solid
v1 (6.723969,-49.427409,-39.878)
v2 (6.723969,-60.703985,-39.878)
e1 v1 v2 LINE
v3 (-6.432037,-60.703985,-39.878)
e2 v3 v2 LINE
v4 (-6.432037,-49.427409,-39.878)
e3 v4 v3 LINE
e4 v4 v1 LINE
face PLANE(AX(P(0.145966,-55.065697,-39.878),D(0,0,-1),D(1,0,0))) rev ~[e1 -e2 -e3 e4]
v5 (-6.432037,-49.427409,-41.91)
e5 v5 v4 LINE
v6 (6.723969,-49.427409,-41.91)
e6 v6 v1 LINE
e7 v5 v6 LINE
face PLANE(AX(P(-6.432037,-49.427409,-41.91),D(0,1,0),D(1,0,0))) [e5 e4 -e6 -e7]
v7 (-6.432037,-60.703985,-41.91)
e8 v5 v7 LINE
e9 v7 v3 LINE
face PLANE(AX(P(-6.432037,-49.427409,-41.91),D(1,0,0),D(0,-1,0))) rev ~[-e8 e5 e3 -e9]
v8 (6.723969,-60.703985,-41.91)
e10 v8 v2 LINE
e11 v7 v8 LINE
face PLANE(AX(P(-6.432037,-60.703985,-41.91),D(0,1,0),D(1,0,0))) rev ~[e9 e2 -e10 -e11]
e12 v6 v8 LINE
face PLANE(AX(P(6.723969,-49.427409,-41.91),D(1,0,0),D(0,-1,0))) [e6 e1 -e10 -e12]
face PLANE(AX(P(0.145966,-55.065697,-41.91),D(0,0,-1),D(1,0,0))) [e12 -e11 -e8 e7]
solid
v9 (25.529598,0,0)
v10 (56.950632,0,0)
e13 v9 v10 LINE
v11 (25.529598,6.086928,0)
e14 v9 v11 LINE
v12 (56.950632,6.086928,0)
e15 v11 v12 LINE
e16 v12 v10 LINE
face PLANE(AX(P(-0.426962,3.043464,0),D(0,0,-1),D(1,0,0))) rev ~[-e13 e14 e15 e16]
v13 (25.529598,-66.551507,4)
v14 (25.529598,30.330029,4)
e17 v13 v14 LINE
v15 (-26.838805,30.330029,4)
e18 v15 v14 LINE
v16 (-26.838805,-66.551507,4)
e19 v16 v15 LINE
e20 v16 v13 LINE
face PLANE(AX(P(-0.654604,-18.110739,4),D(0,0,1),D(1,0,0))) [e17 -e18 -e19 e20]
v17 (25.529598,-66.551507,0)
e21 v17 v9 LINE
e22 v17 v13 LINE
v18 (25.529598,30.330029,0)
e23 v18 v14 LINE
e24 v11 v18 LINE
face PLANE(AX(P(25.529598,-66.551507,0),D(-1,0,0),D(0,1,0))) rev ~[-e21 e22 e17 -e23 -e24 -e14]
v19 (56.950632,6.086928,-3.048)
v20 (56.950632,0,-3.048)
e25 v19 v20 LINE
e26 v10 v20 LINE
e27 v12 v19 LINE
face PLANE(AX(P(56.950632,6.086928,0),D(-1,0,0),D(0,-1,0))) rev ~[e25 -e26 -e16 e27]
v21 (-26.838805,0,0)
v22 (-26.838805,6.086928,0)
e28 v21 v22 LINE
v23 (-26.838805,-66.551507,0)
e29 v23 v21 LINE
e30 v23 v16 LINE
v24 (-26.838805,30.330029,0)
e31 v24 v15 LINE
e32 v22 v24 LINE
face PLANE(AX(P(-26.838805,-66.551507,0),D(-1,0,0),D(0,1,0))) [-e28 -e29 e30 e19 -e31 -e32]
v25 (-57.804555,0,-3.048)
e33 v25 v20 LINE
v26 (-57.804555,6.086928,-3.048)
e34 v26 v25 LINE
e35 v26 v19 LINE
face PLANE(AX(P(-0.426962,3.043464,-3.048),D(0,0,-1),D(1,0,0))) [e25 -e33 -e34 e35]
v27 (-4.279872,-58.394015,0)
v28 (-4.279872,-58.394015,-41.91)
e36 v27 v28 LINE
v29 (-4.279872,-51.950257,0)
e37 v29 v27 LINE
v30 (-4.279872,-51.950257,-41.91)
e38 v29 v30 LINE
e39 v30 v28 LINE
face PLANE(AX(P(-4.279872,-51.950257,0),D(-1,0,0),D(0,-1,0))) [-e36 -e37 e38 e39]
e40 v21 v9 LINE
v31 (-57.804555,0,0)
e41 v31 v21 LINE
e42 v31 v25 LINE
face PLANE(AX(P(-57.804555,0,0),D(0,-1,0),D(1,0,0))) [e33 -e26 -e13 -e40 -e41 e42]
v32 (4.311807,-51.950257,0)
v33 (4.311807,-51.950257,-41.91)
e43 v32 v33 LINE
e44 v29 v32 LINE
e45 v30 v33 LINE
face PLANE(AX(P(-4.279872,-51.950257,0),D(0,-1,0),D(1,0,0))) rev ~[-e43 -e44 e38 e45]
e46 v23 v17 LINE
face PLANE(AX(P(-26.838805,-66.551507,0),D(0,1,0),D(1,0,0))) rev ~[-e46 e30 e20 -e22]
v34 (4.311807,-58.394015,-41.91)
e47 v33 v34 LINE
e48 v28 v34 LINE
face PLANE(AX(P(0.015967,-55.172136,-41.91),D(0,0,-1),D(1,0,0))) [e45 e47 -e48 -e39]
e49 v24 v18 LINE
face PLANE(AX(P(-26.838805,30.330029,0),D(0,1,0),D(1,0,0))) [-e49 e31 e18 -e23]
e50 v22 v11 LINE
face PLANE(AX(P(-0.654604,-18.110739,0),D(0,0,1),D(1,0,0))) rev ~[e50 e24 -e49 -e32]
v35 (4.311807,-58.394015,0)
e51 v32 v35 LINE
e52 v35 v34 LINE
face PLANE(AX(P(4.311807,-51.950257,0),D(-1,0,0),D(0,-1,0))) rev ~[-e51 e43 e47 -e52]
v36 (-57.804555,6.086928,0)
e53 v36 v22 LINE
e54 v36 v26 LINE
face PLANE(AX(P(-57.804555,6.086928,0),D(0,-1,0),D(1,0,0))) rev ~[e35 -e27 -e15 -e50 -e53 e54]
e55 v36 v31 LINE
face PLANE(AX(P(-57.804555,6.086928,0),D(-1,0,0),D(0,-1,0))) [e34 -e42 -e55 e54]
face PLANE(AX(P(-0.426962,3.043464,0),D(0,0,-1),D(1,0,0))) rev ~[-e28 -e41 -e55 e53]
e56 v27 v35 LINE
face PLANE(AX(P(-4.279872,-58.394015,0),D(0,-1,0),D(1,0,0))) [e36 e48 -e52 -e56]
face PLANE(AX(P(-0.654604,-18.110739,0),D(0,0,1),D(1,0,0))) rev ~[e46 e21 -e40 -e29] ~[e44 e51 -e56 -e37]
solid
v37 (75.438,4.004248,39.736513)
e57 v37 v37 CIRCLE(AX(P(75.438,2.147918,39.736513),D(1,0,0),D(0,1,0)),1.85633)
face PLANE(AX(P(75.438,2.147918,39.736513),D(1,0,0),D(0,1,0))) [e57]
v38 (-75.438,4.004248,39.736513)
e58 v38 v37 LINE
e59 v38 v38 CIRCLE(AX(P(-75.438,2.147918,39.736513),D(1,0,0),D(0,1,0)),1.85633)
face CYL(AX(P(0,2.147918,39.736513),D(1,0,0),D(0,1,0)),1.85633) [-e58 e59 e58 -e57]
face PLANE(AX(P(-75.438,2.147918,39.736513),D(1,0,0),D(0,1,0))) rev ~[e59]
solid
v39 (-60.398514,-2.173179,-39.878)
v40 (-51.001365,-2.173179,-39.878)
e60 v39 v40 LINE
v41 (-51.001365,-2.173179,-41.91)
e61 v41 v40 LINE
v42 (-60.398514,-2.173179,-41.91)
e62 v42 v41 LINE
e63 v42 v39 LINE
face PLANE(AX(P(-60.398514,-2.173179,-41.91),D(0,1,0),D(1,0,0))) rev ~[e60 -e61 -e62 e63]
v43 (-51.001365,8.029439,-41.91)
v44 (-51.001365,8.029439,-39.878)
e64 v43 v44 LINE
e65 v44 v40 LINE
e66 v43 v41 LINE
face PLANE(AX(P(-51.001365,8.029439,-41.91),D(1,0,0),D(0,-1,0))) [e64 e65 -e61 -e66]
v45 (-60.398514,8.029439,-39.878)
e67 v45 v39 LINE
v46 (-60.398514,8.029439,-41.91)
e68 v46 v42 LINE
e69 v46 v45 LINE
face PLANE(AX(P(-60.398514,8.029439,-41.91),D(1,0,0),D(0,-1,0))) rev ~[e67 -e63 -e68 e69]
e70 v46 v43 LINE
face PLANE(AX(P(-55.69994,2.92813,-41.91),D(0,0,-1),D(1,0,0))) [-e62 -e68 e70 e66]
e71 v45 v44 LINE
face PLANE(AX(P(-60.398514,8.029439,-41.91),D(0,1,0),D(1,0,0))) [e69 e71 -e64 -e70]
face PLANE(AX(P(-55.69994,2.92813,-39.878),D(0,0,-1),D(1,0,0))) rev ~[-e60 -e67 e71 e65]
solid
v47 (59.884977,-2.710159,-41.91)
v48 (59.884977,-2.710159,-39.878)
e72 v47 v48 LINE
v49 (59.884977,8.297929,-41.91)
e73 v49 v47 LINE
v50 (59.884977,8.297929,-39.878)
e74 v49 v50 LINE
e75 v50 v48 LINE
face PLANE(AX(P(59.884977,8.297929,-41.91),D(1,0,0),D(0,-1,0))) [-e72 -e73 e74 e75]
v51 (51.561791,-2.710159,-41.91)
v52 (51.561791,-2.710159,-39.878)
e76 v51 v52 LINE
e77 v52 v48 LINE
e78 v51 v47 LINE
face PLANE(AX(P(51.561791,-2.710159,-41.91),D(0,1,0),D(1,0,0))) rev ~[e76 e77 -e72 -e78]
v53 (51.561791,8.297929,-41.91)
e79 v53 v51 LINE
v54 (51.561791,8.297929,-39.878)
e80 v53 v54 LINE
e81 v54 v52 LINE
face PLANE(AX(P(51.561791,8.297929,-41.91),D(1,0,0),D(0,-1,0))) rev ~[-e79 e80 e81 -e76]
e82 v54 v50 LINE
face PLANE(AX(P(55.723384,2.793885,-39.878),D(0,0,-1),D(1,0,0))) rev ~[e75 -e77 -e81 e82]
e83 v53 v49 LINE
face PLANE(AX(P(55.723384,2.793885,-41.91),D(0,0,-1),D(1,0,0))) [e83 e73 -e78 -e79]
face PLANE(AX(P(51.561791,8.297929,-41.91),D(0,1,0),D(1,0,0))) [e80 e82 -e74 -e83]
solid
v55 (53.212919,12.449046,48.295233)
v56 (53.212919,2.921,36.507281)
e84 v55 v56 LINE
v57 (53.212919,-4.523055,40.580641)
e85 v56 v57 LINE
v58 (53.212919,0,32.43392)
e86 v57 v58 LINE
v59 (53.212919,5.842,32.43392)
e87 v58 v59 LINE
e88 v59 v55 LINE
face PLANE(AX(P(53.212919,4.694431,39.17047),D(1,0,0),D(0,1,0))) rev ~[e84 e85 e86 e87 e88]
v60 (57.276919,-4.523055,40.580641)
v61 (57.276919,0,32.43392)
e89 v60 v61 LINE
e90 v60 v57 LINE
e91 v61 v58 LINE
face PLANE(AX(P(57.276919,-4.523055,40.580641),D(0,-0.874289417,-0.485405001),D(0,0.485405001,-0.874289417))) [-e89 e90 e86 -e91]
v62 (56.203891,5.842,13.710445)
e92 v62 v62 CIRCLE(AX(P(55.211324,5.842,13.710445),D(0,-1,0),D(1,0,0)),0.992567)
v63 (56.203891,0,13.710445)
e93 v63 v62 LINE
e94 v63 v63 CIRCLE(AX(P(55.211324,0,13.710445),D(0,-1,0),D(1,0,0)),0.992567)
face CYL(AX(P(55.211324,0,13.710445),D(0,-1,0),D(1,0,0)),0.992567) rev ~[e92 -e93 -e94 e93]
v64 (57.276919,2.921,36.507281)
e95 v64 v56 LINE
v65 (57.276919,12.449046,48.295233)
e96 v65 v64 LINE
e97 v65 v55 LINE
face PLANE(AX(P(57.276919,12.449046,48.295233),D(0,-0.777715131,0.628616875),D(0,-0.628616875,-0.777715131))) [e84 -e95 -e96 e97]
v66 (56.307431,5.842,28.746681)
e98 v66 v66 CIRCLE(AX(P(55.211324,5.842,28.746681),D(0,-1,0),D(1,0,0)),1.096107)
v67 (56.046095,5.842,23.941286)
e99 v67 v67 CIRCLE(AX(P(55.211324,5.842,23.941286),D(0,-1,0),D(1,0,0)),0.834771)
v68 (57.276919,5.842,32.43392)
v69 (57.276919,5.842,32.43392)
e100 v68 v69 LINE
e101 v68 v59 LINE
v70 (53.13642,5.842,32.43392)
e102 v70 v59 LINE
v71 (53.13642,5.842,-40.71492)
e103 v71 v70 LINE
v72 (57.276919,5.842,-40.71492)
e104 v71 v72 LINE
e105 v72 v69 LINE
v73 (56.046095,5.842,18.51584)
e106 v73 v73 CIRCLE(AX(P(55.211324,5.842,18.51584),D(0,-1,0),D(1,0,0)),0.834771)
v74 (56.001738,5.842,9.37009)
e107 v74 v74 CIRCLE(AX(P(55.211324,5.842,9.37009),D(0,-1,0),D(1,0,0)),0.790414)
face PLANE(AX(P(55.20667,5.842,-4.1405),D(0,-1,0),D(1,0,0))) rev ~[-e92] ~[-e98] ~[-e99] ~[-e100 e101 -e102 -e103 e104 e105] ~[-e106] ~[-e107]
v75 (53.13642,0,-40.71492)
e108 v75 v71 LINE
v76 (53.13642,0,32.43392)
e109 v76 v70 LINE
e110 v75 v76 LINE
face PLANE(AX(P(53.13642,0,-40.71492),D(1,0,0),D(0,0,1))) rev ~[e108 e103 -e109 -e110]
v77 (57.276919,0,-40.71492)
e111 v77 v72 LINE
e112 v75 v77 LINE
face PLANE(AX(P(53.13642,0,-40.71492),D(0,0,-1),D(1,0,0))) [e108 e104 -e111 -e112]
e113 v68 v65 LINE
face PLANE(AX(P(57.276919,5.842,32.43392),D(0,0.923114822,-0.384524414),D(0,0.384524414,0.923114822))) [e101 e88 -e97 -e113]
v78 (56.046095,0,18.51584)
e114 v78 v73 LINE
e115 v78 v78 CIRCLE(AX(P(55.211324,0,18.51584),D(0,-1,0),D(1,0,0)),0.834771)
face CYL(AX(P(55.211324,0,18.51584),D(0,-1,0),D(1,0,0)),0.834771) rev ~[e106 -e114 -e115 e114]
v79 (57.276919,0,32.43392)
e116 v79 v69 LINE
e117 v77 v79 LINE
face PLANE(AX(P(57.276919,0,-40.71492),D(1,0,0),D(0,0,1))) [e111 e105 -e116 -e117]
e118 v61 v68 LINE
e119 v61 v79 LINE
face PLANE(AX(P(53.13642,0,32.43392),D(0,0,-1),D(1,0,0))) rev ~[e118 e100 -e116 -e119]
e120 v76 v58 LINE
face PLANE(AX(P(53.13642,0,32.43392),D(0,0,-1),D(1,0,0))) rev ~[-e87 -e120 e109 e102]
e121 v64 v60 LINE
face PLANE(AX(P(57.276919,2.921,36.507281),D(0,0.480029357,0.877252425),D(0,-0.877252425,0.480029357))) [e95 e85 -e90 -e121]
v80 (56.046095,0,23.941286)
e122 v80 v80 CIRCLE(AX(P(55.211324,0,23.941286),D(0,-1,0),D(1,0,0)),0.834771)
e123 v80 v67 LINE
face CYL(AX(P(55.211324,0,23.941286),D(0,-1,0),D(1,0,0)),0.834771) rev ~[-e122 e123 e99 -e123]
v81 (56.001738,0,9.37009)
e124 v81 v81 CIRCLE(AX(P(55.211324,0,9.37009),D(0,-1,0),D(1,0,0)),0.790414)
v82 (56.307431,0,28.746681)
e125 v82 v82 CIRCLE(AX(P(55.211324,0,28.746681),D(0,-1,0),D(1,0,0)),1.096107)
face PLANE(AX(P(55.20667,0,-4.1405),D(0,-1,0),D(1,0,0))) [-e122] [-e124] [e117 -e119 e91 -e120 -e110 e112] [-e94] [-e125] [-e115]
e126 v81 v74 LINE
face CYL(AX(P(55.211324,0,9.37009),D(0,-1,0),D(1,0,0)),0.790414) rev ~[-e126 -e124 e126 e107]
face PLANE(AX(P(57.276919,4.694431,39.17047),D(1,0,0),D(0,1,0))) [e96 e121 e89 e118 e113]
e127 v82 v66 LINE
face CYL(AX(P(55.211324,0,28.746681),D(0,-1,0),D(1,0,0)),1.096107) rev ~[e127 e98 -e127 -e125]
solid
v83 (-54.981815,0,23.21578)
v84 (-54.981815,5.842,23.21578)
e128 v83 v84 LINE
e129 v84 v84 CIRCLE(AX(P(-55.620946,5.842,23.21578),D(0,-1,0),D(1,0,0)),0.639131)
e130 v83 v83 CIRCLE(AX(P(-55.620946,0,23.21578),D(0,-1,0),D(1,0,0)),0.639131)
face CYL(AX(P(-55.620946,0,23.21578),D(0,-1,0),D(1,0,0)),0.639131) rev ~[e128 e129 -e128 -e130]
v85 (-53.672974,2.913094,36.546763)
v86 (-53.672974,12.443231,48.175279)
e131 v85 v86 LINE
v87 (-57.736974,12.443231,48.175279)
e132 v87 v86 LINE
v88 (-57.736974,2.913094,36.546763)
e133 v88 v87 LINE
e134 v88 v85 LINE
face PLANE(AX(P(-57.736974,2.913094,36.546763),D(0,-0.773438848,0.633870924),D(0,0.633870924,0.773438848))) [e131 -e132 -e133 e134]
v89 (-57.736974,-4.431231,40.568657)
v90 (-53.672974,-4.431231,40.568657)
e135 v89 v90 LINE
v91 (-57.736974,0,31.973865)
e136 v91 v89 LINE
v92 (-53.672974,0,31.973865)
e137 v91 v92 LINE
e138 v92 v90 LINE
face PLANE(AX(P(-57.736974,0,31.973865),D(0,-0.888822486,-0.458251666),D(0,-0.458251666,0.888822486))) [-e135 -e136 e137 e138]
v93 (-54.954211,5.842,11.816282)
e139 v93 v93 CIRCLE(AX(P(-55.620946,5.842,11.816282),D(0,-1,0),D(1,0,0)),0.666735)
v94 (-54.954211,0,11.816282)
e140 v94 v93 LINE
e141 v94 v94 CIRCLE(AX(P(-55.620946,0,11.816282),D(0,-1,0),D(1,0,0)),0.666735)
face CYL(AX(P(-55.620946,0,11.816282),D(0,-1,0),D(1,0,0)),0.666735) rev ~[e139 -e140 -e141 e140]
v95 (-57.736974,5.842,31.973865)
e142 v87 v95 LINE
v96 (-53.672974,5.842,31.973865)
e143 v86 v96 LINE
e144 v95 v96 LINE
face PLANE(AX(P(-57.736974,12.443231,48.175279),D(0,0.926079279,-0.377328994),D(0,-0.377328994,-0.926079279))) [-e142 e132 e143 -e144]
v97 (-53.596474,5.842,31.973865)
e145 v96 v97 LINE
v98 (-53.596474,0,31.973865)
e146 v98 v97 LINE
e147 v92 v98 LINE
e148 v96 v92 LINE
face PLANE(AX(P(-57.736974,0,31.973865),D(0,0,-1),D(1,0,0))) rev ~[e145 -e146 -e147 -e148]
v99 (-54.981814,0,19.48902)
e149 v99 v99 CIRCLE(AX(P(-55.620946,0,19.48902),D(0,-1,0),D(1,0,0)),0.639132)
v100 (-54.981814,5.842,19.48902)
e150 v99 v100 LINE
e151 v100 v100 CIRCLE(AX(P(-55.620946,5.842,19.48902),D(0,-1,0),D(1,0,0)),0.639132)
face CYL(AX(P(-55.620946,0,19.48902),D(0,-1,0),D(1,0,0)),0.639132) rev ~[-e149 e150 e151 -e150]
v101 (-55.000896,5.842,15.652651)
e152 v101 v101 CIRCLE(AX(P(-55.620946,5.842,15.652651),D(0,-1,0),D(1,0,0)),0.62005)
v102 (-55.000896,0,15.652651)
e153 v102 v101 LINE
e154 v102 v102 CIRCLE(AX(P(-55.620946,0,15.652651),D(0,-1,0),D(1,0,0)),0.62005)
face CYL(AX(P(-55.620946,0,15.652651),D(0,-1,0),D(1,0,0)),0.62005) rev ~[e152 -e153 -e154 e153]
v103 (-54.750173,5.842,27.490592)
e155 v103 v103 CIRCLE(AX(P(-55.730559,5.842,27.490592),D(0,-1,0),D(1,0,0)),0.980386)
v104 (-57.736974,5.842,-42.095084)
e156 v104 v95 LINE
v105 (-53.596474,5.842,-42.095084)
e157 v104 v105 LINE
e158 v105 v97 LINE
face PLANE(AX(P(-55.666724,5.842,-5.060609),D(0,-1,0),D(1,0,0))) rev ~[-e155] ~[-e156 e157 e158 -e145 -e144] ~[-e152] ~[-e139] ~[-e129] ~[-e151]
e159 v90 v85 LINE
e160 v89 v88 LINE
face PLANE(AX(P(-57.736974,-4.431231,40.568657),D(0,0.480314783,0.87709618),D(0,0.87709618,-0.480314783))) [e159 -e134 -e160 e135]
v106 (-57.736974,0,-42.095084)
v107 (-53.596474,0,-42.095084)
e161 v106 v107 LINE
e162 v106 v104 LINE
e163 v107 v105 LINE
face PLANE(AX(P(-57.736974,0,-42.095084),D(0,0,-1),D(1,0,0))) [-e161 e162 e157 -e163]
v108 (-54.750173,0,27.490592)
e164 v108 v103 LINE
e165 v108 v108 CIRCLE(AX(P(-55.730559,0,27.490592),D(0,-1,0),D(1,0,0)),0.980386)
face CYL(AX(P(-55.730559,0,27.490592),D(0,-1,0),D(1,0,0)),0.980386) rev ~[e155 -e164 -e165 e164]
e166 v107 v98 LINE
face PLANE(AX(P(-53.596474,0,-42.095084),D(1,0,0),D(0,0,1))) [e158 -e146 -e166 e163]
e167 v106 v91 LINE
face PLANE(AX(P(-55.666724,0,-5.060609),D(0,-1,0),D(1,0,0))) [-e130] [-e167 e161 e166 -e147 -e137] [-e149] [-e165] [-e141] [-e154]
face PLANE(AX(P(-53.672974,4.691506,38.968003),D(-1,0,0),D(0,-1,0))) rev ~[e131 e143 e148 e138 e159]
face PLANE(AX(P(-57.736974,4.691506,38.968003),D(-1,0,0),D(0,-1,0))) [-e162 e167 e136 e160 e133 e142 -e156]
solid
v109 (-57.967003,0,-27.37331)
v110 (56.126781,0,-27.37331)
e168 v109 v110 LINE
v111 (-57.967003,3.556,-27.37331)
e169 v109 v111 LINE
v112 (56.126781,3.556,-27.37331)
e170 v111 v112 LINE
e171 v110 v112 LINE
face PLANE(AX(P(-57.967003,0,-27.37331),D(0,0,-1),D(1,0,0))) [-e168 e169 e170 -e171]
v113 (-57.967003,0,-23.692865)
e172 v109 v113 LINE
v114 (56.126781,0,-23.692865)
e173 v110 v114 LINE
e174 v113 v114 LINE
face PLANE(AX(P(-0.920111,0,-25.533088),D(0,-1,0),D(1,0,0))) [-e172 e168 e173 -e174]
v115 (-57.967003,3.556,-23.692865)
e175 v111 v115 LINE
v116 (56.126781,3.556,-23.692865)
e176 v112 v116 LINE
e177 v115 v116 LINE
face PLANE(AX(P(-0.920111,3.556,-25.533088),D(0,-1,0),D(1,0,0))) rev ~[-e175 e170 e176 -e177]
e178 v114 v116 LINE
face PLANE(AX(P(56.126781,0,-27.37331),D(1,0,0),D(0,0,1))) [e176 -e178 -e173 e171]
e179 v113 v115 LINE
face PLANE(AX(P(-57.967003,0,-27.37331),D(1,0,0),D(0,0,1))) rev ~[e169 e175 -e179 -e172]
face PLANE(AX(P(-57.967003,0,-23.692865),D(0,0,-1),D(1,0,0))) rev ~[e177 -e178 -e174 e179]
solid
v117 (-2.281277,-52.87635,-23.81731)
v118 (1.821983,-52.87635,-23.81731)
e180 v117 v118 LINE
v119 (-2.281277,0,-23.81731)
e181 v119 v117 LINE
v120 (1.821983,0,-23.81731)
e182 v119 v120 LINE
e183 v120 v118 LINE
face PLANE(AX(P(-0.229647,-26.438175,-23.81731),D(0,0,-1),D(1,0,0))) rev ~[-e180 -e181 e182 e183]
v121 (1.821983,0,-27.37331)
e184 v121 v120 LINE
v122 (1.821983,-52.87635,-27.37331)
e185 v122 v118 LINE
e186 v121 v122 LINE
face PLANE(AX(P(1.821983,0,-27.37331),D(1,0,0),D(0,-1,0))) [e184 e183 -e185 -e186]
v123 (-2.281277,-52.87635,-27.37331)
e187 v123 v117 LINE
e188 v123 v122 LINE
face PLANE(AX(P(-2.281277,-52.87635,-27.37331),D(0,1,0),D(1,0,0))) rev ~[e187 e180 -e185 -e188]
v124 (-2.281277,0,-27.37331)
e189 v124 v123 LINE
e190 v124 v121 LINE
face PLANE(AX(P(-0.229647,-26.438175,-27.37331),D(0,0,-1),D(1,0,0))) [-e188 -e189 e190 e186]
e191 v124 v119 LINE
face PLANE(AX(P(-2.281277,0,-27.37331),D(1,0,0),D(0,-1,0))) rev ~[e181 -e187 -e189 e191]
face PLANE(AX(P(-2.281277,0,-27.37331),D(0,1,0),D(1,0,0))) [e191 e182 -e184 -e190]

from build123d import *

# Parameters (mm, degrees)
F0_W      = 52.368403
F0_H      = 96.881537
F1_DEPTH  = 4
F2_W      = 114.755187
F2_H      = 6.086928
F3_DEPTH  = 3.048
F4_W      = 8.591679
F4_H      = 6.443758
F5_DEPTH  = 41.91
F6_W      = 114.093784
F6_H      = 3.680445
F7_DEPTH  = 3.556
F8_W      = 4.140499
F8_H      = 73.14884
F8_W_2    = 4.1405
F8_H_2    = 74.068949
F9_DEPTH  = 5.842
F10_W     = 4.10326
F10_H     = 52.87635
F11_DEPTH = 3.556
F13_DEPTH = 4.064
F15_DEPTH = 4.064
F16_R     = 0.980386
F16_R_2   = 0.639131
F16_R_3   = 0.639132
F16_R_4   = 0.62005
F16_R_5   = 0.666735
F17_DEPTH = 25.4
F18_R     = 1.096107
F18_R_2   = 0.834771
F18_R_3   = 0.992567
F18_R_4   = 0.790414
F19_DEPTH = 25.4
F20_W     = 13.156006
F20_H     = 11.276576
F20_W_2   = 9.397149
F20_H_2   = 10.202618
F20_W_3   = 8.323186
F20_H_3   = 11.008088
F21_DEPTH = 2.032
F22_R     = 1.85633
F23_DEPTH = 75.438


with BuildPart() as f1:
    # F0 (on Top) → F1 (new body)
    with BuildSketch(Plane.XY):
        with Locations((-0.654604, -18.110739)):
            Rectangle(F0_W, F0_H)
    extrude(amount=F1_DEPTH)

    # F2 (on face) → F3 (join)
    with BuildSketch(Plane(origin=(0, 0, 0), x_dir=(1, 0, 0), z_dir=(0, 0, -1))):
        with Locations((-0.426962, -3.043464)):
            Rectangle(F2_W, F2_H)
    extrude(amount=F3_DEPTH)

    # F4 (on face) → F5 (join)
    with BuildSketch(Plane(origin=(0, 0, 0), x_dir=(1, 0, 0), z_dir=(0, 0, -1))):
        with Locations((0.015967, 55.172136)):
            Rectangle(F4_W, F4_H)
    extrude(amount=F5_DEPTH)


with BuildPart() as f7:
    # F6 (on Front) → F7 (new body)
    with BuildSketch(Plane.XZ):
        with Locations((-0.920111, -25.533088)):
            Rectangle(F6_W, F6_H)
    extrude(amount=-F7_DEPTH)


with BuildPart() as f9:
    # F8 (on Front) → F9 (new body)
    with BuildSketch(Plane.XZ):
        with Locations((55.20667, -4.1405)):
            Rectangle(F8_W, F8_H)
        with Locations((-55.666724, -5.060609)):
            Rectangle(F8_W_2, F8_H_2)
    extrude(amount=-F9_DEPTH)

    # F12 (on face) → F13 (join)
    with BuildSketch(Plane.YZ.offset(57.276919)):
        Polygon((-4.523055, 40.580641), (0, 32.43392), (5.842, 32.43392), (12.449046, 48.295233), (2.921, 36.507281), align=None)
    extrude(amount=-F13_DEPTH)

    # F14 (on face) → F15 (join)
    with BuildSketch(Plane(origin=(-57.736974, 0, 0), x_dir=(0, -1, 0), z_dir=(-1, 0, 0))):
        Polygon((-12.443231, 48.175279), (-5.842, 31.973865), (0, 31.973865), (4.431231, 40.568657), (-2.913094, 36.546763), align=None)
    extrude(amount=-F15_DEPTH)

    # F16 (on face) → F17 (cut)
    with BuildSketch(Plane.XZ):
        with Locations((-55.730559, 27.490592)):
            Circle(F16_R)
        with Locations((-55.620946, 23.21578)):
            Circle(F16_R_2)
        with Locations((-55.620946, 19.48902)):
            Circle(F16_R_3)
        with Locations((-55.620946, 15.652651)):
            Circle(F16_R_4)
        with Locations((-55.620946, 11.816282)):
            Circle(F16_R_5)
    extrude(amount=-F17_DEPTH, mode=Mode.SUBTRACT)

    # F18 (on face) → F19 (cut)
    with BuildSketch(Plane.XZ):
        with Locations((55.211324, 28.746681)):
            Circle(F18_R)
        with Locations((55.211324, 23.941286)):
            Circle(F18_R_2)
        with Locations((55.211324, 18.51584)):
            Circle(F18_R_2)
        with Locations((55.211324, 13.710445)):
            Circle(F18_R_3)
        with Locations((55.211324, 9.37009)):
            Circle(F18_R_4)
    extrude(amount=-F19_DEPTH, mode=Mode.SUBTRACT)


with BuildPart() as f11:
    # F10 (on face) → F11 (new body)
    with BuildSketch(Plane(origin=(0, 0, -27.37331), x_dir=(1, 0, 0), z_dir=(0, 0, -1))):
        with Locations((-0.229647, 26.438175)):
            Rectangle(F10_W, F10_H)
    extrude(amount=-F11_DEPTH)


with BuildPart() as f21:
    # F20 (on face) → F21 (new body)
    with BuildSketch(Plane(origin=(0, 0, -41.91), x_dir=(1, 0, 0), z_dir=(0, 0, -1))):
        with Locations((0.145966, 55.065697)):
            Rectangle(F20_W, F20_H)
        with Locations((-55.69994, -2.92813)):
            Rectangle(F20_W_2, F20_H_2)
        with Locations((55.723384, -2.793885)):
            Rectangle(F20_W_3, F20_H_3)
    extrude(amount=-F21_DEPTH)


with BuildPart() as f23:
    # F22 (on Right) → F23 (new body, symmetric)
    with BuildSketch(Plane.YZ):
        with Locations((2.147918, 39.736513)):
            Circle(F22_R)
    extrude(amount=F23_DEPTH, both=True)


solid = Compound([f1.part, f7.part, f9.part, f11.part, f21.part, f23.part])
